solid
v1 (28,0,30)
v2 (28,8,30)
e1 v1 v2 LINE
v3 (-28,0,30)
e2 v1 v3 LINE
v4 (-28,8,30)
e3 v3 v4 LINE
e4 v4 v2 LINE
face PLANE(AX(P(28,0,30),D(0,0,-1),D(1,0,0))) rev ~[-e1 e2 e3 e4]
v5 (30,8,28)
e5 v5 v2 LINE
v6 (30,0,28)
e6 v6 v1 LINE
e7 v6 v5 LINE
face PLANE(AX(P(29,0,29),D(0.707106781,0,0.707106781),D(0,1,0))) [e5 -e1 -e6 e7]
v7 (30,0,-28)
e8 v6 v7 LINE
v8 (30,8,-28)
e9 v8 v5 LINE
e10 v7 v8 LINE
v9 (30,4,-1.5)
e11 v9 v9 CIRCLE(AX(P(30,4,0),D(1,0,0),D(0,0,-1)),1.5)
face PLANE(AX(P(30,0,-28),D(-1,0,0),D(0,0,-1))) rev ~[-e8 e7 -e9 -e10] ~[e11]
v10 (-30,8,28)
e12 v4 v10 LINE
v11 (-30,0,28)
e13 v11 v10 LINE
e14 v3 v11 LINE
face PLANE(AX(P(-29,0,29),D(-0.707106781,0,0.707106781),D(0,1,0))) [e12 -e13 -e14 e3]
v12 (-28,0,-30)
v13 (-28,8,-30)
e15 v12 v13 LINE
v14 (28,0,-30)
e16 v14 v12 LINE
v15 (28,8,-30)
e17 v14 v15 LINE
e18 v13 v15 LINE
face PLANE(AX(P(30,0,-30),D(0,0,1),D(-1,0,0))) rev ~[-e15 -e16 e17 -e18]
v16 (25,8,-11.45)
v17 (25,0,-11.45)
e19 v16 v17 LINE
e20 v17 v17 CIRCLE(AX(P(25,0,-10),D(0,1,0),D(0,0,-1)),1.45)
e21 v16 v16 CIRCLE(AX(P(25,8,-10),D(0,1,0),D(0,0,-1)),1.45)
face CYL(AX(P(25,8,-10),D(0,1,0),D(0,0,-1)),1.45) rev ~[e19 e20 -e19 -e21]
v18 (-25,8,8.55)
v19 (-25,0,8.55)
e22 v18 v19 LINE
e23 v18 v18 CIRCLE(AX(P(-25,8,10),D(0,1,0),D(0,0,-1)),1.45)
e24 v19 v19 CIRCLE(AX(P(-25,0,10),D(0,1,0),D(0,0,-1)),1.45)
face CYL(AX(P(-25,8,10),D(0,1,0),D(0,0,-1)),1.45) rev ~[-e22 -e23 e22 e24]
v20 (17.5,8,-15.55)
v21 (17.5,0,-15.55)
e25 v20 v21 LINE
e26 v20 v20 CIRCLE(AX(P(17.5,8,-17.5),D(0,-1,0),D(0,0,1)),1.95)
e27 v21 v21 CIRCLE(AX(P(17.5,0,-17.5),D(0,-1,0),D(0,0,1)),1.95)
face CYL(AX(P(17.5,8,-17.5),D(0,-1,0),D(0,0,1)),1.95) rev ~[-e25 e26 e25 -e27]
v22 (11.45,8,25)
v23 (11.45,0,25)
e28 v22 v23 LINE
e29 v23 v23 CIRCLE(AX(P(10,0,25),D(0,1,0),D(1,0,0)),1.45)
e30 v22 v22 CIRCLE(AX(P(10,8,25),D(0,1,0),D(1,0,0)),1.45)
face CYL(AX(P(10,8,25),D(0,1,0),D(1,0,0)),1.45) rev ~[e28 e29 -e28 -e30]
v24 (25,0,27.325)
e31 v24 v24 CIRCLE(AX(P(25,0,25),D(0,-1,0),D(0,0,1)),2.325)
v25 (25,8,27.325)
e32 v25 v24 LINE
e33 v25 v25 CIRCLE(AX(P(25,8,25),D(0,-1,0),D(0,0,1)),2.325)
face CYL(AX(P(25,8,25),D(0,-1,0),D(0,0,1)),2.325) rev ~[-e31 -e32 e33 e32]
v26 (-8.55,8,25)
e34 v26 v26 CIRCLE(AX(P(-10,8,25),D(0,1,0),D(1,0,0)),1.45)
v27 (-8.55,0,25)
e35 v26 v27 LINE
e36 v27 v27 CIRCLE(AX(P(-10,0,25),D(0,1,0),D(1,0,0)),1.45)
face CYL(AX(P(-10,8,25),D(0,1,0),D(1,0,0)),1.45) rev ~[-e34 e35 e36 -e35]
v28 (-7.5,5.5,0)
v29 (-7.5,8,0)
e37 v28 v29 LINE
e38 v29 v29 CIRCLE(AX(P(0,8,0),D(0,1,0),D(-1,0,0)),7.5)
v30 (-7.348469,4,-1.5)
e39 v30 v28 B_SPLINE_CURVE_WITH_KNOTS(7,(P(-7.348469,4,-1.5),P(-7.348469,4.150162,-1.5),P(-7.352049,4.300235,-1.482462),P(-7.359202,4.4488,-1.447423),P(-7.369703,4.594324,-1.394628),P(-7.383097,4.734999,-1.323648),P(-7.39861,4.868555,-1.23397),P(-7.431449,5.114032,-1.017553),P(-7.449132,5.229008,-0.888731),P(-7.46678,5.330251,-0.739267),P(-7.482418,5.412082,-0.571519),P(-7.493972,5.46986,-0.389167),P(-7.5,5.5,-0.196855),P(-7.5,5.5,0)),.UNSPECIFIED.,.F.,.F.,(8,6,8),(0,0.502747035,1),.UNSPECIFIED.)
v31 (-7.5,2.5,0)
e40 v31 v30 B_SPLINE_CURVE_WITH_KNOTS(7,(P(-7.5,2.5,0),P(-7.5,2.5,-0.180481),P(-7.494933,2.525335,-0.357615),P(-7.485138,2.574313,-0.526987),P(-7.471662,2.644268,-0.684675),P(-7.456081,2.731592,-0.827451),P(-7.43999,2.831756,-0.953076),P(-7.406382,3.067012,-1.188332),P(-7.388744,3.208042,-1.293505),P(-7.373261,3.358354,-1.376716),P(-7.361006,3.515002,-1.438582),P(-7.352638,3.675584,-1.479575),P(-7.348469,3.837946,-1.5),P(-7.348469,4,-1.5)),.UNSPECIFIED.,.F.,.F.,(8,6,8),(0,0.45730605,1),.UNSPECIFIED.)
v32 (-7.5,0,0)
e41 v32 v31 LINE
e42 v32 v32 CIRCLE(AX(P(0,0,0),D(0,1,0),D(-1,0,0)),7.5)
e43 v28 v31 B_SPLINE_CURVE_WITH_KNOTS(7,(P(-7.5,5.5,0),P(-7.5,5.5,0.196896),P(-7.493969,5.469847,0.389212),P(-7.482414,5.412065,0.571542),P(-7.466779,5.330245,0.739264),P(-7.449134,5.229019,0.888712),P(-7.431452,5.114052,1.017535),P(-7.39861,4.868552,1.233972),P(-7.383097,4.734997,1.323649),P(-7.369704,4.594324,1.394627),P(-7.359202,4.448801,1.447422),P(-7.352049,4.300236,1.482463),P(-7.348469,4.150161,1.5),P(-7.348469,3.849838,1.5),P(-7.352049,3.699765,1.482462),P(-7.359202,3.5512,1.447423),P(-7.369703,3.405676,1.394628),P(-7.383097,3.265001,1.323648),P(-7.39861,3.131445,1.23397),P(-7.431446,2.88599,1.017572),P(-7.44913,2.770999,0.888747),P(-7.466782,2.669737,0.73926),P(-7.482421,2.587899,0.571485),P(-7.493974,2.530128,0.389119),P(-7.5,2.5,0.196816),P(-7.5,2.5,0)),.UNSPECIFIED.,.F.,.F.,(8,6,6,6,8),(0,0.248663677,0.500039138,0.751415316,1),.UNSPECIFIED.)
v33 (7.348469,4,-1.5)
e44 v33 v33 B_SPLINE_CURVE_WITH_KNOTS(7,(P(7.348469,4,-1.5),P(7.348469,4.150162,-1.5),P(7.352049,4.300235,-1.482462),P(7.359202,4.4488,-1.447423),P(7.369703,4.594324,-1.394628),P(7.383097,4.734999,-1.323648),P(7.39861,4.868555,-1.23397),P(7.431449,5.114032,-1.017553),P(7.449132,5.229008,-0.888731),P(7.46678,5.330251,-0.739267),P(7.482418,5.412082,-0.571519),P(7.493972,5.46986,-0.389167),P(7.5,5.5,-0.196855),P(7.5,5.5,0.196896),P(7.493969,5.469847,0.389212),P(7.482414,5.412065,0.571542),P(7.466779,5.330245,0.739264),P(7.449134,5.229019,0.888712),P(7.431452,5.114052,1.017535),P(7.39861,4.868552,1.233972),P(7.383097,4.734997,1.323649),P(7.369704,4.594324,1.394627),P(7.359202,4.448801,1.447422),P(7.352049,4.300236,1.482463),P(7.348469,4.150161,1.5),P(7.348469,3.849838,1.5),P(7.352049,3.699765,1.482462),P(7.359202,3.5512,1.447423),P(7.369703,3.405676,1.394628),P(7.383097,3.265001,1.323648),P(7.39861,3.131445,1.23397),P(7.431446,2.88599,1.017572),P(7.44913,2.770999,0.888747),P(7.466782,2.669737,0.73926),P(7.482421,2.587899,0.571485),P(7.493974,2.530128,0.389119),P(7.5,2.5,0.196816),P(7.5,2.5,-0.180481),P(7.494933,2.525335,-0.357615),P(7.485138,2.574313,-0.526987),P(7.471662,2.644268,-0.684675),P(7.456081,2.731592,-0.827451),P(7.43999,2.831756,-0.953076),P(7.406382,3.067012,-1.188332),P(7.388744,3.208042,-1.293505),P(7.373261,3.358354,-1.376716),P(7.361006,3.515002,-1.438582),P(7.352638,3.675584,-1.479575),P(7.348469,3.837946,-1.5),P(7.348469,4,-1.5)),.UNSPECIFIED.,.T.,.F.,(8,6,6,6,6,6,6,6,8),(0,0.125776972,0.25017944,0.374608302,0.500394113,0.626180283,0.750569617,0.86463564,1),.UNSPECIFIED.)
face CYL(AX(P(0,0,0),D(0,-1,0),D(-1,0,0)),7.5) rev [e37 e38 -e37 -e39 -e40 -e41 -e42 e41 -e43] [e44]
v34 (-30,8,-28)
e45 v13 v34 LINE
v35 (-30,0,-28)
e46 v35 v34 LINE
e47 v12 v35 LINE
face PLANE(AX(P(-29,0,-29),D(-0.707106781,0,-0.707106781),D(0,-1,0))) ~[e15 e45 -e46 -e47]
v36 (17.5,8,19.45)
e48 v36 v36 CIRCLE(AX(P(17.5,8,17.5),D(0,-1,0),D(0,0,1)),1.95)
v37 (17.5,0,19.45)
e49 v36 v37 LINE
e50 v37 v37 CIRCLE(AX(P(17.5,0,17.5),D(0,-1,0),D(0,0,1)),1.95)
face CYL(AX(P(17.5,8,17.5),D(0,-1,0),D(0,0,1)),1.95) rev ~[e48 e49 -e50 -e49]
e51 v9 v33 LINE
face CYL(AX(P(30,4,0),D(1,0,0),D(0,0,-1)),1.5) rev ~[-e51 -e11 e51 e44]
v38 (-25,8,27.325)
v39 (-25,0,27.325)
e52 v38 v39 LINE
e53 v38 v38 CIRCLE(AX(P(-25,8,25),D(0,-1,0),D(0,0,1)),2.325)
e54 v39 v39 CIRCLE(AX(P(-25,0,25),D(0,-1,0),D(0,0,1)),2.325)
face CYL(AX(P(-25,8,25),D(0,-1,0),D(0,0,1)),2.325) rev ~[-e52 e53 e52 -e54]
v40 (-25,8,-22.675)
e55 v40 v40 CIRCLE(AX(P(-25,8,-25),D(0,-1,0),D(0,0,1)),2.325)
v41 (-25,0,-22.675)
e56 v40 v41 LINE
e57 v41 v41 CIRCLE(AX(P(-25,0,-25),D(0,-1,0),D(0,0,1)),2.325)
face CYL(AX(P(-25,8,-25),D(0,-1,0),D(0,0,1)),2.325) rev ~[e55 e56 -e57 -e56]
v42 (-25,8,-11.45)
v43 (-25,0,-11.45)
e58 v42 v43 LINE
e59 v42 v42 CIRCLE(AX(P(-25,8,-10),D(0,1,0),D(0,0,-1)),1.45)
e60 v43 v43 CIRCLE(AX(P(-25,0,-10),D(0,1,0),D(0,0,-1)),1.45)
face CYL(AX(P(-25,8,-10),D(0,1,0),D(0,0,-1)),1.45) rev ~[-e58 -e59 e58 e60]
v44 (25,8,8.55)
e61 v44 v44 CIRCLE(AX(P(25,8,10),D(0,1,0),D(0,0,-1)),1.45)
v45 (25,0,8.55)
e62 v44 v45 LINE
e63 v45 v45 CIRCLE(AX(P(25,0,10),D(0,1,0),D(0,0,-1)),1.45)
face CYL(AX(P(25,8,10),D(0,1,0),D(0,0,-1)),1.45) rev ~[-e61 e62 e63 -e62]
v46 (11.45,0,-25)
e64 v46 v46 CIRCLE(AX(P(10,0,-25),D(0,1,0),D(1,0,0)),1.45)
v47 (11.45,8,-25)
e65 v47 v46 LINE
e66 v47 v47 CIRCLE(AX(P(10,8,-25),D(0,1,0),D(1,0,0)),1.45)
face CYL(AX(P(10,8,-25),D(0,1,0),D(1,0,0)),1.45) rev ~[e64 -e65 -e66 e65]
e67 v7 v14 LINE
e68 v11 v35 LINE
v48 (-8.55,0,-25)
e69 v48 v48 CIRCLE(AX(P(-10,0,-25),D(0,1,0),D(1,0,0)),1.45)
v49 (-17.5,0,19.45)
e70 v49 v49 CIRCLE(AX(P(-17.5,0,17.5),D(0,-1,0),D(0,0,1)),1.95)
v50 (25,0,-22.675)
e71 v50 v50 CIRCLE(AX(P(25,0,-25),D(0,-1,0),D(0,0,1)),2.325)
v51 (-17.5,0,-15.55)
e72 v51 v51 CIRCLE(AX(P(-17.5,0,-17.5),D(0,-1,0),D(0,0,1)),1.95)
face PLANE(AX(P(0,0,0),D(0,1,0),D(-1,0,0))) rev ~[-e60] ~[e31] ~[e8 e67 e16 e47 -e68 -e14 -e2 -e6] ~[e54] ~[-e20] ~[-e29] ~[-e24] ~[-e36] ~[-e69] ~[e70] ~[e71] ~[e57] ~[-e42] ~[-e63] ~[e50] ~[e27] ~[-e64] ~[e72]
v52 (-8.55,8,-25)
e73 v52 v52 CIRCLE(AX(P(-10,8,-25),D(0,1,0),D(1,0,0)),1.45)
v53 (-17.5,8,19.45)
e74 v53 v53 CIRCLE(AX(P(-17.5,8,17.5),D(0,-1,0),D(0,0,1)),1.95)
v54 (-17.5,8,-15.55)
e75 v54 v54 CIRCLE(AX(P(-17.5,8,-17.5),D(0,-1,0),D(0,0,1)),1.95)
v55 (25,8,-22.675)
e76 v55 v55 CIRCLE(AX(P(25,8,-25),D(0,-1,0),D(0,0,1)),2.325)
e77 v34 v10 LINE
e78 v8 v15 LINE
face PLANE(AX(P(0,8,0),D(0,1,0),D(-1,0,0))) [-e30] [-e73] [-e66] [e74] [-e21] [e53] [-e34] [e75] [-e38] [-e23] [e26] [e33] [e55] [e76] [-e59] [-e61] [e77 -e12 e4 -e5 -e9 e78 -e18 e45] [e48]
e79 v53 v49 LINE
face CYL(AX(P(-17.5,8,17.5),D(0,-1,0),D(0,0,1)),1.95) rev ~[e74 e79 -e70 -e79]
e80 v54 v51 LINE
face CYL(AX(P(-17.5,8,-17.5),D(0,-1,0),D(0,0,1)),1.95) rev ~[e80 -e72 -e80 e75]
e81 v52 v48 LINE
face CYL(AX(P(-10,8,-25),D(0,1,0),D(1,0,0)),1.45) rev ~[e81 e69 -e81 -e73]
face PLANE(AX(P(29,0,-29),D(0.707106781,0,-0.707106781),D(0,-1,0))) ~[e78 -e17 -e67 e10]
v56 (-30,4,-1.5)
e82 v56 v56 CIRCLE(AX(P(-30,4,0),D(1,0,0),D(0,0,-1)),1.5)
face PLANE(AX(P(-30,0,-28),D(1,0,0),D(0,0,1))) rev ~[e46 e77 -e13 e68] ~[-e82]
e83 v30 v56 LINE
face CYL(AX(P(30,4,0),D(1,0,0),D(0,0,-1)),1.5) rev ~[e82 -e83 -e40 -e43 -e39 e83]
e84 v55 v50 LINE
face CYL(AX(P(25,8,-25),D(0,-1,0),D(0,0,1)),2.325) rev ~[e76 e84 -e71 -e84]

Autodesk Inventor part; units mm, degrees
ref_plane "YZ Plane" through (0, 0, 0) normal (1, 0, 0) x (0, 1, 0)
ref_plane "XZ Plane" through (0, 0, 0) normal (0, 1, 0) x (-1, 0, 0)
ref_plane "XY Plane" through (0, 0, 0) normal (0, 0, 1) x (1, 0, 0)
sketch "Sketch1" plane through (0, 0, 0) normal (0, 1, 0) x (-1, 0, 0)
  line L0 (-30, -30) -> (30, -30)
  line L1 (30, -30) -> (30, 30)
  line L2 (30, 30) -> (-30, 30)
  line L3 (-30, 30) -> (-30, -30)
  line L4 (-30, -30) -> (30, 30) construction
  line L5 (30, -30) -> (-30, 30) construction
  circle A0 centre (0, 0) radius 7.5
  circle A1 centre (-25, 25) radius 1.95 projected
  circle A2 centre (0, 25) radius 1.95 projected
  circle A3 centre (0, 25) radius 1.95 projected
  circle A4 centre (25, 0) radius 1.95 projected
  circle A5 centre (25, -25) radius 1.95 projected
  circle A6 centre (-25, 25) radius 1.95 projected
  circle A7 centre (-25, -25) radius 1.95 projected
  circle A8 centre (25, 25) radius 1.95 projected
  circle A9 centre (-25, 0) radius 1.95 projected
  circle A10 centre (0, -25) radius 1.95 projected
  line L6 (28, 30) -> (30, 28) projected
  line L7 (30, 28) -> (30, -28) projected
  line L8 (30, -28) -> (28, -30) projected
  line L9 (28, -30) -> (-28, -30) projected
  line L10 (-28, -30) -> (-30, -28) projected
  line L11 (-30, -28) -> (-30, 28) projected
  line L12 (-30, 28) -> (-28, 30) projected
  line L13 (-28, 30) -> (28, 30) projected
  dimension "d0" = 60
  dimension "d1" = 60
  dimension "d13" = 15
extrude "Extrusion1" add sketch "Sketch1" along normal blind 8 contours L3 L10 L0 | L10 L3 L12 L2 L6 L1 L8 L0 | L8 L1 L0 | L3 L2 L12 | L6 L2 L1 | A1 | A2 | A4 | A5 | A7 | A8 | A9 | A10
sketch "Sketch2" plane through (0, 8, 0) normal (0, 1, 0) x (1, 0, 0)
  line L0 (30, 30) -> (-30, 30) projected
  line L1 (-30, 30) -> (-30, -30) projected
  line L2 (-30, -30) -> (30, -30) projected
  line L3 (30, -30) -> (30, 30) projected
  line L4 (17.5, -17.5) -> (-17.5, -17.5)
  line L5 (-17.5, -17.5) -> (-17.5, 17.5)
  line L6 (-17.5, 17.5) -> (17.5, 17.5)
  line L7 (17.5, 17.5) -> (17.5, -17.5)
  line L8 (17.5, -17.5) -> (-17.5, 17.5) construction
  line L9 (-17.5, -17.5) -> (17.5, 17.5) construction
  line L10 (0, -17.5) -> (0, 17.5)
  line L11 (-17.5, 0) -> (17.5, 0)
  point P0 (0, 0)
  dimension "d4" = 35
  dimension "d5" = 35
hole "Hole1" at (-17.5, 8, 17.5) at (-17.5, 8, -17.5) at (17.5, 8, -17.5) at (17.5, 8, 17.5) direction (0, -1, 0) diameter 3.9 depth 10 tip angle 118
chamfer "Chamfer1" distance 2 angle 45 4 edges at (30, 4, 30) (30, 4, -30) (-30, 4, -30) (-30, 4, 30)
sketch "Sketch3" plane through (0, 8, 0) normal (0, 1, 0) x (1, 0, 0)
  line L0 (-28, -30) -> (-30, -28) projected
  line L1 (-28, -30) -> (28, -30) projected
  line L2 (30, -28) -> (28, -30) projected
  line L3 (30, -28) -> (30, 28) projected
  line L4 (28, 30) -> (30, 28) projected
  line L5 (28, 30) -> (-28, 30) projected
  line L6 (-30, 28) -> (-28, 30) projected
  line L7 (-30, 28) -> (-30, -28) projected
  circle A0 centre (17.5, 17.5) radius 1.95 projected
  circle A1 centre (-17.5, -17.5) radius 1.95 projected
  circle A2 centre (-17.5, 17.5) radius 1.95 projected
  circle A3 centre (17.5, -17.5) radius 1.95 projected
  circle A4 centre (0, 0) radius 7.5 projected
  line L8 (25, -25) -> (-25, -25)
  line L9 (-25, -25) -> (-25, 25)
  line L10 (-25, 25) -> (25, 25)
  line L11 (25, 25) -> (25, -25)
  line L12 (25, -25) -> (-25, 25) construction
  line L13 (-25, -25) -> (25, 25) construction
  dimension "d17" = 50
  dimension "d18" = 50
hole "Hole2" at (-25, 8, -25) at (25, 8, -25) at (25, 8, 25) at (-25, 8, 25) direction (0, -1, 0) diameter 4.65 end through all
sketch "Sketch4" plane through (30, 0, 28) normal (1, 0, 0) x (0, 0, -1)
  line L0 (56, 8) -> (56, 0) projected
  line L1 (0, 8) -> (56, 8) projected
  line L2 (0, 0) -> (0, 8) projected
  line L3 (0, 0) -> (56, 0) projected
  circle A0 centre (28, 4) radius 1.5
  line L4 (-2, 8) -> (-2, 0) projected
  point P0 (28, 0)
  dimension "d26" = 3
  dimension "d27" = 4
  dimension "d28" = 30
extrude "Extrusion2" cut sketch "Sketch4" against normal through all contours A0
sketch "Sketch5" plane through (0, 8, 0) normal (0, 1, 0) x (1, 0, 0)
  circle A0 centre (25, -25) radius 2.325 projected
  circle A1 centre (-25, -25) radius 2.325 projected
  circle A2 centre (25, 25) radius 2.325 projected
  circle A3 centre (-25, 25) radius 2.325 projected
  circle A4 centre (10, -25) radius 1.45
  circle A5 centre (-10, -25) radius 1.45
  circle A6 centre (10, 25) radius 1.45
  circle A7 centre (-10, 25) radius 1.45
  point P0 (0, 0)
  dimension "d31" = 2.9
  dimension "d32" = 2.9
  dimension "d33" = 15
  dimension "d34" = 15
  dimension "d35" = 2.9
  dimension "d36" = 2.9
extrude "Extrusion3" cut sketch "Sketch5" against normal blind 10 contours A4 | A5 | A6 | A7
pattern_circular "Circular Pattern1" count 2 over 90 about axis through (0, 0, 0) along (0, 1, 0) of "Extrusion3"
properties part number "00_XY_stage-CHUO_SEIKI_LD-647-R1-Top"
